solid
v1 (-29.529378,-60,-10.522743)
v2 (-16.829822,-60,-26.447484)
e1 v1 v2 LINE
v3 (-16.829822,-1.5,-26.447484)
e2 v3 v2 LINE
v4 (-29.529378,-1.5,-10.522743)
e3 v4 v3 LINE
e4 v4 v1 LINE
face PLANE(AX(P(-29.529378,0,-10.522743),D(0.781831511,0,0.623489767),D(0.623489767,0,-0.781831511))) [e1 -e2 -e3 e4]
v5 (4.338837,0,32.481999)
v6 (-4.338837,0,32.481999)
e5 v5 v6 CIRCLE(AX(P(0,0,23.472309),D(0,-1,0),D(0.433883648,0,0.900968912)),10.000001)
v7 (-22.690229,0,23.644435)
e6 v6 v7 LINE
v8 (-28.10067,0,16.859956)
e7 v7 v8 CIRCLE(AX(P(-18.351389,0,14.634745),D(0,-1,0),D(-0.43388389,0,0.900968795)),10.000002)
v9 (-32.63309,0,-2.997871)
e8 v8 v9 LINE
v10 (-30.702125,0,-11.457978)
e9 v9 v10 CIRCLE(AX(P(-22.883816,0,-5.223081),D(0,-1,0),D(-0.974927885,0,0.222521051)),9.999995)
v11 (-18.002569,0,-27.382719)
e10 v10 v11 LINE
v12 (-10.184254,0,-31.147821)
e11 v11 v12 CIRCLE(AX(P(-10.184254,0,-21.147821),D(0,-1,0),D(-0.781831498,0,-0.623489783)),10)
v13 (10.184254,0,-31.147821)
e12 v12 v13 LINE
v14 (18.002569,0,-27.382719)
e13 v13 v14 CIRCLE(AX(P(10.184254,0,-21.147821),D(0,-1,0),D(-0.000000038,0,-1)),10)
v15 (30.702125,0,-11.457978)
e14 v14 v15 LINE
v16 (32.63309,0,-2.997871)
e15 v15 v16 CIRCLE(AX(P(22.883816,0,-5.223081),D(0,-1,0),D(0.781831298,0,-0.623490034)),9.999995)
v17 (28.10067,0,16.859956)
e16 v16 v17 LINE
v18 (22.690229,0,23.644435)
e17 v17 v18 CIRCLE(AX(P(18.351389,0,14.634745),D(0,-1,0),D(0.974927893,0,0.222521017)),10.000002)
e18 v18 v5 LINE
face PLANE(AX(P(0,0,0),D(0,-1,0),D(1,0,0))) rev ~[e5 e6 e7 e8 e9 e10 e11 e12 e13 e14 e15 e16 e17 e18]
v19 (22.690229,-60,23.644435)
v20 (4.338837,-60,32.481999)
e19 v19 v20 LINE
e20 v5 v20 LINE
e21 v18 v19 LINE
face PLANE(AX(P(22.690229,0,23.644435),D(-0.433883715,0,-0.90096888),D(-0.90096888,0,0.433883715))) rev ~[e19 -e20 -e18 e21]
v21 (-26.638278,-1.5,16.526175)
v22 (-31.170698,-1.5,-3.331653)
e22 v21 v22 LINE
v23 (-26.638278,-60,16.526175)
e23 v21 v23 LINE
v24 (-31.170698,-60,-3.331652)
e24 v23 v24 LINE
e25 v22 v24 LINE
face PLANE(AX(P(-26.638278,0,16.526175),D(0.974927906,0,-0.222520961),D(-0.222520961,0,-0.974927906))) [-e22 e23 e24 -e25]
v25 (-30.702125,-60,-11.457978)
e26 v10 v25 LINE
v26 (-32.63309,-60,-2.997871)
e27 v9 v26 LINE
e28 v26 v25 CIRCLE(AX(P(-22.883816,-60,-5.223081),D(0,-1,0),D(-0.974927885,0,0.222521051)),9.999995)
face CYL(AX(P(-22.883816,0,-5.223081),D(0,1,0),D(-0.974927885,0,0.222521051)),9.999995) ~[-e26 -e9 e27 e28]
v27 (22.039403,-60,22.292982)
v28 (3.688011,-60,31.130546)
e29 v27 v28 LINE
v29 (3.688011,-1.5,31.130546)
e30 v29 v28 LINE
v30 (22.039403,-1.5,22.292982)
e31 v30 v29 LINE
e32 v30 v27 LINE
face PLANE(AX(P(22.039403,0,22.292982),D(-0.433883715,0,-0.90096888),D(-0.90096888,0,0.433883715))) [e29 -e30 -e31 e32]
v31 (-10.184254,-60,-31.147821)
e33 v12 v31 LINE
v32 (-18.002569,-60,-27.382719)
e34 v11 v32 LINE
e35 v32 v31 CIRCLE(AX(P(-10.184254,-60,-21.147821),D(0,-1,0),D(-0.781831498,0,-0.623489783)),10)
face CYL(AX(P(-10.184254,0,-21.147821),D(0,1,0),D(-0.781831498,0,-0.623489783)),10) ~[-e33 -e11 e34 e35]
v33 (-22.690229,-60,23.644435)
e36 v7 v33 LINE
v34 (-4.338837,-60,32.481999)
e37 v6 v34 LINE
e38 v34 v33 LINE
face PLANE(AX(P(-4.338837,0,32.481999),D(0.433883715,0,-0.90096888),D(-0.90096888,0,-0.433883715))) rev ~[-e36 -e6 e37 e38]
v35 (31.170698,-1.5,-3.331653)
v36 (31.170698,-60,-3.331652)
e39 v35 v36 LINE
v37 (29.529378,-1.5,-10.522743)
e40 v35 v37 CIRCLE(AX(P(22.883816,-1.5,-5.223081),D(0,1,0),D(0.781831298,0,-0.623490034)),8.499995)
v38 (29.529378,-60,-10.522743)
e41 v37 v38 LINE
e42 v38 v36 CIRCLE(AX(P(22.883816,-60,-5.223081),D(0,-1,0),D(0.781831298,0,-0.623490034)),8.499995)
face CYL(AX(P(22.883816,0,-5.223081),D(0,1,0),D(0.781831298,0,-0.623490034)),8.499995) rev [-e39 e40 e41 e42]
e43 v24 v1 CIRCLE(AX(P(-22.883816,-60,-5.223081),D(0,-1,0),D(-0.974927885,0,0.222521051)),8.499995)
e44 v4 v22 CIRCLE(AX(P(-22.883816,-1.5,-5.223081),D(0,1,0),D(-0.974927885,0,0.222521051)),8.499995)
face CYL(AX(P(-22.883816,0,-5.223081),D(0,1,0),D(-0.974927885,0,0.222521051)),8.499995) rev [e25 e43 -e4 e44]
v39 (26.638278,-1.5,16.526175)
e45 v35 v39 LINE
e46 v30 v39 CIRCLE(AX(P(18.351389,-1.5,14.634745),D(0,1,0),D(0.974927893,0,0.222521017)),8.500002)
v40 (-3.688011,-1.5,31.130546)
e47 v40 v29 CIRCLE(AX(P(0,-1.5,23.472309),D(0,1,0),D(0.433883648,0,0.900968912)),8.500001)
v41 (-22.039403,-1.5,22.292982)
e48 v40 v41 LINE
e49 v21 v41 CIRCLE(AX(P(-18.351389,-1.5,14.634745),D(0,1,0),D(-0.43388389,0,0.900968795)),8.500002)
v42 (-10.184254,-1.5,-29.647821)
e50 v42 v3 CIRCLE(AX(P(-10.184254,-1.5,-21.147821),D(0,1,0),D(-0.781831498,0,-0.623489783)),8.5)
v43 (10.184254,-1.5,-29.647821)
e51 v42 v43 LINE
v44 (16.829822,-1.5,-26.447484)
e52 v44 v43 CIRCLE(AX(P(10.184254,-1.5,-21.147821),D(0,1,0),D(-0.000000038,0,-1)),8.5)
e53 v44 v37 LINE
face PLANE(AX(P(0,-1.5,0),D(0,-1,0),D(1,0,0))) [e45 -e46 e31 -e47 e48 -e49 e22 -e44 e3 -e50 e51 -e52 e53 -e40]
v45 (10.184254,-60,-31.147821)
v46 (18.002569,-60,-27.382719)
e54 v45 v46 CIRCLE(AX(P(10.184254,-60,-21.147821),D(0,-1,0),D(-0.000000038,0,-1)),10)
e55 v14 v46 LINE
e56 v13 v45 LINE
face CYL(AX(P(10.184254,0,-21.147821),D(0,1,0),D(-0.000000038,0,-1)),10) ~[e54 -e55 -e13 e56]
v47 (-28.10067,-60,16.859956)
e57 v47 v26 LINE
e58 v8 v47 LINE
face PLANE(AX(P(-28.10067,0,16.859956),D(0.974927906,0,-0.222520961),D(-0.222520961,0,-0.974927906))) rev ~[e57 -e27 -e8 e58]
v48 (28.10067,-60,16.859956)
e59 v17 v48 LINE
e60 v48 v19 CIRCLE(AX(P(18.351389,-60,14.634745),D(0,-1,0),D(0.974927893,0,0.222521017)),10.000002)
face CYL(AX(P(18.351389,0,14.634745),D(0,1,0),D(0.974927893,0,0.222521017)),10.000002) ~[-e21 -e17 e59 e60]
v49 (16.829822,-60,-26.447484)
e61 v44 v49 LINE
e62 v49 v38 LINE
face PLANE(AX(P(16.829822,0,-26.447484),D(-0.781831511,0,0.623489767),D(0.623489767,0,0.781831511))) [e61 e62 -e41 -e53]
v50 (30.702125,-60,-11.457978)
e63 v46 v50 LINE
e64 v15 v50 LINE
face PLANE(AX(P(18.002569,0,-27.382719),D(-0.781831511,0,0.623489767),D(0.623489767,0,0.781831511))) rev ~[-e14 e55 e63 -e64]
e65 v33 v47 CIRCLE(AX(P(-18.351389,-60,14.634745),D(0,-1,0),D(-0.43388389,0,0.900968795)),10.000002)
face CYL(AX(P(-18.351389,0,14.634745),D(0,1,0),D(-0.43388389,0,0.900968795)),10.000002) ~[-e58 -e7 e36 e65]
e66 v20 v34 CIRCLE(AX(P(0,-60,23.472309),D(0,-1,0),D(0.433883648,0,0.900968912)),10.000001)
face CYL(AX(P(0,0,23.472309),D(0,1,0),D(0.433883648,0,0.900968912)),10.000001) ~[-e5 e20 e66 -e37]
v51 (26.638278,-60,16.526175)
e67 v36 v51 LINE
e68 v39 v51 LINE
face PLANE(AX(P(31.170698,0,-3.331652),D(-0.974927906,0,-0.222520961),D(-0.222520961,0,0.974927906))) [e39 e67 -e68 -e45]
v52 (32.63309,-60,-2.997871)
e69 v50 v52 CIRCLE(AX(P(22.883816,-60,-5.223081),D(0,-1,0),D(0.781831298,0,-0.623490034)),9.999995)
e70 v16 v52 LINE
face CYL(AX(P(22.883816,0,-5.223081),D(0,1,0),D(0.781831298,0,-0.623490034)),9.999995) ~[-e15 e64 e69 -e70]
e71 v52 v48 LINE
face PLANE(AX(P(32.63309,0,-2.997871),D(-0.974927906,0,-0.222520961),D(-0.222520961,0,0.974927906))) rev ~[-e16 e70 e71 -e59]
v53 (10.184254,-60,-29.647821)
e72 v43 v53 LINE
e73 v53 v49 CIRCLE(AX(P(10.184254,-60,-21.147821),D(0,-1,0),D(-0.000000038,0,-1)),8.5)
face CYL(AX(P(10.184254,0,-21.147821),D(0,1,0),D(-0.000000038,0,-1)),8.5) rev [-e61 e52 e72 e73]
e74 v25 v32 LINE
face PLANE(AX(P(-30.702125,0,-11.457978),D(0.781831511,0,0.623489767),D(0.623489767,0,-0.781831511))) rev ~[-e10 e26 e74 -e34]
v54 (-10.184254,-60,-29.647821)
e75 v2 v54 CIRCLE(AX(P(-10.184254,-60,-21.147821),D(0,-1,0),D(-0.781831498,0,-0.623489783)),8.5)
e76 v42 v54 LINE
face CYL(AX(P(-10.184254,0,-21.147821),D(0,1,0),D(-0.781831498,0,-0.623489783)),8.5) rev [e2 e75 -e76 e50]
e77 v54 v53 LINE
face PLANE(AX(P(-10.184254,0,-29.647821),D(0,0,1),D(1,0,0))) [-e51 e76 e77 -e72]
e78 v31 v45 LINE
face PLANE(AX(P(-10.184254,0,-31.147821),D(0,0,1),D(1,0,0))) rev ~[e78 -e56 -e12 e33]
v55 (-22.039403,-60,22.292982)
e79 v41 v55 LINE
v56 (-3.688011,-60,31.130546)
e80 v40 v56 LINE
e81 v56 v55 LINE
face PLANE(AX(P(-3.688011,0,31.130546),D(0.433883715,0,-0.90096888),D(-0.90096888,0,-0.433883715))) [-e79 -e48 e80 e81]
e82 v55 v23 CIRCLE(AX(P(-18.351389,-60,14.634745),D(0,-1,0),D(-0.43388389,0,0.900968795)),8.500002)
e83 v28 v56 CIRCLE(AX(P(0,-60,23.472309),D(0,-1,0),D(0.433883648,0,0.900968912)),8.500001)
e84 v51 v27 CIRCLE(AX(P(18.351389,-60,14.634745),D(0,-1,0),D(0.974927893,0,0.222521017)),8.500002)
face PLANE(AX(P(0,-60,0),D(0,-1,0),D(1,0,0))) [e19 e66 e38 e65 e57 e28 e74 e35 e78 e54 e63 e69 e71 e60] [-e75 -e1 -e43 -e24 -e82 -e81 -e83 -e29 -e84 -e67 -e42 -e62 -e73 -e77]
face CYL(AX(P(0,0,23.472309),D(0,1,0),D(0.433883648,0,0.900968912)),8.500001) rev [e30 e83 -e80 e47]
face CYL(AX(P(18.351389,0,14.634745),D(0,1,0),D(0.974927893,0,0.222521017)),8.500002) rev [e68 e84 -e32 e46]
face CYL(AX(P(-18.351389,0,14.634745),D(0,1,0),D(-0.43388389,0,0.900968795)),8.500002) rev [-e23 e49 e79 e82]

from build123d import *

# Parameters (mm, degrees)
F1_DEPTH = 60
F2_T     = -1.5


with BuildPart() as f1:
    # F0 (on Front) → F1 (new body)
    with BuildSketch(Plane.XZ):
        with BuildLine():
            Line((22.690229, 23.644435), (4.338837, 32.481999))
            ThreePointArc((4.338837, 32.481999), (0, 33.47231), (-4.338837, 32.481999))
            Line((-4.338837, 32.481999), (-22.690229, 23.644435))
            ThreePointArc((-22.690229, 23.644435), (-26.169706, 20.869644), (-28.10067, 16.859956))
            Line((-28.10067, 16.859956), (-32.63309, -2.997871))
            ThreePointArc((-32.63309, -2.997871), (-32.63309, -7.44829), (-30.702125, -11.457978))
            Line((-30.702125, -11.457978), (-18.002569, -27.382719))
            ThreePointArc((-18.002569, -27.382719), (-14.523091, -30.15751), (-10.184254, -31.147821))
            Line((-10.184254, -31.147821), (10.184254, -31.147821))
            ThreePointArc((10.184254, -31.147821), (14.523091, -30.15751), (18.002569, -27.382719))
            Line((18.002569, -27.382719), (30.702125, -11.457978))
            ThreePointArc((30.702125, -11.457978), (32.63309, -7.44829), (32.63309, -2.997871))
            Line((32.63309, -2.997871), (28.10067, 16.859956))
            ThreePointArc((28.10067, 16.859956), (26.169706, 20.869644), (22.690229, 23.644435))
        make_face()
    extrude(amount=F1_DEPTH)

    # F2
    f2_openings = [f1.faces().sort_by_distance(p)[0] for p in [
        (0, -60, 0),
    ]]
    offset(amount=F2_T, openings=f2_openings)


solid = f1.part
